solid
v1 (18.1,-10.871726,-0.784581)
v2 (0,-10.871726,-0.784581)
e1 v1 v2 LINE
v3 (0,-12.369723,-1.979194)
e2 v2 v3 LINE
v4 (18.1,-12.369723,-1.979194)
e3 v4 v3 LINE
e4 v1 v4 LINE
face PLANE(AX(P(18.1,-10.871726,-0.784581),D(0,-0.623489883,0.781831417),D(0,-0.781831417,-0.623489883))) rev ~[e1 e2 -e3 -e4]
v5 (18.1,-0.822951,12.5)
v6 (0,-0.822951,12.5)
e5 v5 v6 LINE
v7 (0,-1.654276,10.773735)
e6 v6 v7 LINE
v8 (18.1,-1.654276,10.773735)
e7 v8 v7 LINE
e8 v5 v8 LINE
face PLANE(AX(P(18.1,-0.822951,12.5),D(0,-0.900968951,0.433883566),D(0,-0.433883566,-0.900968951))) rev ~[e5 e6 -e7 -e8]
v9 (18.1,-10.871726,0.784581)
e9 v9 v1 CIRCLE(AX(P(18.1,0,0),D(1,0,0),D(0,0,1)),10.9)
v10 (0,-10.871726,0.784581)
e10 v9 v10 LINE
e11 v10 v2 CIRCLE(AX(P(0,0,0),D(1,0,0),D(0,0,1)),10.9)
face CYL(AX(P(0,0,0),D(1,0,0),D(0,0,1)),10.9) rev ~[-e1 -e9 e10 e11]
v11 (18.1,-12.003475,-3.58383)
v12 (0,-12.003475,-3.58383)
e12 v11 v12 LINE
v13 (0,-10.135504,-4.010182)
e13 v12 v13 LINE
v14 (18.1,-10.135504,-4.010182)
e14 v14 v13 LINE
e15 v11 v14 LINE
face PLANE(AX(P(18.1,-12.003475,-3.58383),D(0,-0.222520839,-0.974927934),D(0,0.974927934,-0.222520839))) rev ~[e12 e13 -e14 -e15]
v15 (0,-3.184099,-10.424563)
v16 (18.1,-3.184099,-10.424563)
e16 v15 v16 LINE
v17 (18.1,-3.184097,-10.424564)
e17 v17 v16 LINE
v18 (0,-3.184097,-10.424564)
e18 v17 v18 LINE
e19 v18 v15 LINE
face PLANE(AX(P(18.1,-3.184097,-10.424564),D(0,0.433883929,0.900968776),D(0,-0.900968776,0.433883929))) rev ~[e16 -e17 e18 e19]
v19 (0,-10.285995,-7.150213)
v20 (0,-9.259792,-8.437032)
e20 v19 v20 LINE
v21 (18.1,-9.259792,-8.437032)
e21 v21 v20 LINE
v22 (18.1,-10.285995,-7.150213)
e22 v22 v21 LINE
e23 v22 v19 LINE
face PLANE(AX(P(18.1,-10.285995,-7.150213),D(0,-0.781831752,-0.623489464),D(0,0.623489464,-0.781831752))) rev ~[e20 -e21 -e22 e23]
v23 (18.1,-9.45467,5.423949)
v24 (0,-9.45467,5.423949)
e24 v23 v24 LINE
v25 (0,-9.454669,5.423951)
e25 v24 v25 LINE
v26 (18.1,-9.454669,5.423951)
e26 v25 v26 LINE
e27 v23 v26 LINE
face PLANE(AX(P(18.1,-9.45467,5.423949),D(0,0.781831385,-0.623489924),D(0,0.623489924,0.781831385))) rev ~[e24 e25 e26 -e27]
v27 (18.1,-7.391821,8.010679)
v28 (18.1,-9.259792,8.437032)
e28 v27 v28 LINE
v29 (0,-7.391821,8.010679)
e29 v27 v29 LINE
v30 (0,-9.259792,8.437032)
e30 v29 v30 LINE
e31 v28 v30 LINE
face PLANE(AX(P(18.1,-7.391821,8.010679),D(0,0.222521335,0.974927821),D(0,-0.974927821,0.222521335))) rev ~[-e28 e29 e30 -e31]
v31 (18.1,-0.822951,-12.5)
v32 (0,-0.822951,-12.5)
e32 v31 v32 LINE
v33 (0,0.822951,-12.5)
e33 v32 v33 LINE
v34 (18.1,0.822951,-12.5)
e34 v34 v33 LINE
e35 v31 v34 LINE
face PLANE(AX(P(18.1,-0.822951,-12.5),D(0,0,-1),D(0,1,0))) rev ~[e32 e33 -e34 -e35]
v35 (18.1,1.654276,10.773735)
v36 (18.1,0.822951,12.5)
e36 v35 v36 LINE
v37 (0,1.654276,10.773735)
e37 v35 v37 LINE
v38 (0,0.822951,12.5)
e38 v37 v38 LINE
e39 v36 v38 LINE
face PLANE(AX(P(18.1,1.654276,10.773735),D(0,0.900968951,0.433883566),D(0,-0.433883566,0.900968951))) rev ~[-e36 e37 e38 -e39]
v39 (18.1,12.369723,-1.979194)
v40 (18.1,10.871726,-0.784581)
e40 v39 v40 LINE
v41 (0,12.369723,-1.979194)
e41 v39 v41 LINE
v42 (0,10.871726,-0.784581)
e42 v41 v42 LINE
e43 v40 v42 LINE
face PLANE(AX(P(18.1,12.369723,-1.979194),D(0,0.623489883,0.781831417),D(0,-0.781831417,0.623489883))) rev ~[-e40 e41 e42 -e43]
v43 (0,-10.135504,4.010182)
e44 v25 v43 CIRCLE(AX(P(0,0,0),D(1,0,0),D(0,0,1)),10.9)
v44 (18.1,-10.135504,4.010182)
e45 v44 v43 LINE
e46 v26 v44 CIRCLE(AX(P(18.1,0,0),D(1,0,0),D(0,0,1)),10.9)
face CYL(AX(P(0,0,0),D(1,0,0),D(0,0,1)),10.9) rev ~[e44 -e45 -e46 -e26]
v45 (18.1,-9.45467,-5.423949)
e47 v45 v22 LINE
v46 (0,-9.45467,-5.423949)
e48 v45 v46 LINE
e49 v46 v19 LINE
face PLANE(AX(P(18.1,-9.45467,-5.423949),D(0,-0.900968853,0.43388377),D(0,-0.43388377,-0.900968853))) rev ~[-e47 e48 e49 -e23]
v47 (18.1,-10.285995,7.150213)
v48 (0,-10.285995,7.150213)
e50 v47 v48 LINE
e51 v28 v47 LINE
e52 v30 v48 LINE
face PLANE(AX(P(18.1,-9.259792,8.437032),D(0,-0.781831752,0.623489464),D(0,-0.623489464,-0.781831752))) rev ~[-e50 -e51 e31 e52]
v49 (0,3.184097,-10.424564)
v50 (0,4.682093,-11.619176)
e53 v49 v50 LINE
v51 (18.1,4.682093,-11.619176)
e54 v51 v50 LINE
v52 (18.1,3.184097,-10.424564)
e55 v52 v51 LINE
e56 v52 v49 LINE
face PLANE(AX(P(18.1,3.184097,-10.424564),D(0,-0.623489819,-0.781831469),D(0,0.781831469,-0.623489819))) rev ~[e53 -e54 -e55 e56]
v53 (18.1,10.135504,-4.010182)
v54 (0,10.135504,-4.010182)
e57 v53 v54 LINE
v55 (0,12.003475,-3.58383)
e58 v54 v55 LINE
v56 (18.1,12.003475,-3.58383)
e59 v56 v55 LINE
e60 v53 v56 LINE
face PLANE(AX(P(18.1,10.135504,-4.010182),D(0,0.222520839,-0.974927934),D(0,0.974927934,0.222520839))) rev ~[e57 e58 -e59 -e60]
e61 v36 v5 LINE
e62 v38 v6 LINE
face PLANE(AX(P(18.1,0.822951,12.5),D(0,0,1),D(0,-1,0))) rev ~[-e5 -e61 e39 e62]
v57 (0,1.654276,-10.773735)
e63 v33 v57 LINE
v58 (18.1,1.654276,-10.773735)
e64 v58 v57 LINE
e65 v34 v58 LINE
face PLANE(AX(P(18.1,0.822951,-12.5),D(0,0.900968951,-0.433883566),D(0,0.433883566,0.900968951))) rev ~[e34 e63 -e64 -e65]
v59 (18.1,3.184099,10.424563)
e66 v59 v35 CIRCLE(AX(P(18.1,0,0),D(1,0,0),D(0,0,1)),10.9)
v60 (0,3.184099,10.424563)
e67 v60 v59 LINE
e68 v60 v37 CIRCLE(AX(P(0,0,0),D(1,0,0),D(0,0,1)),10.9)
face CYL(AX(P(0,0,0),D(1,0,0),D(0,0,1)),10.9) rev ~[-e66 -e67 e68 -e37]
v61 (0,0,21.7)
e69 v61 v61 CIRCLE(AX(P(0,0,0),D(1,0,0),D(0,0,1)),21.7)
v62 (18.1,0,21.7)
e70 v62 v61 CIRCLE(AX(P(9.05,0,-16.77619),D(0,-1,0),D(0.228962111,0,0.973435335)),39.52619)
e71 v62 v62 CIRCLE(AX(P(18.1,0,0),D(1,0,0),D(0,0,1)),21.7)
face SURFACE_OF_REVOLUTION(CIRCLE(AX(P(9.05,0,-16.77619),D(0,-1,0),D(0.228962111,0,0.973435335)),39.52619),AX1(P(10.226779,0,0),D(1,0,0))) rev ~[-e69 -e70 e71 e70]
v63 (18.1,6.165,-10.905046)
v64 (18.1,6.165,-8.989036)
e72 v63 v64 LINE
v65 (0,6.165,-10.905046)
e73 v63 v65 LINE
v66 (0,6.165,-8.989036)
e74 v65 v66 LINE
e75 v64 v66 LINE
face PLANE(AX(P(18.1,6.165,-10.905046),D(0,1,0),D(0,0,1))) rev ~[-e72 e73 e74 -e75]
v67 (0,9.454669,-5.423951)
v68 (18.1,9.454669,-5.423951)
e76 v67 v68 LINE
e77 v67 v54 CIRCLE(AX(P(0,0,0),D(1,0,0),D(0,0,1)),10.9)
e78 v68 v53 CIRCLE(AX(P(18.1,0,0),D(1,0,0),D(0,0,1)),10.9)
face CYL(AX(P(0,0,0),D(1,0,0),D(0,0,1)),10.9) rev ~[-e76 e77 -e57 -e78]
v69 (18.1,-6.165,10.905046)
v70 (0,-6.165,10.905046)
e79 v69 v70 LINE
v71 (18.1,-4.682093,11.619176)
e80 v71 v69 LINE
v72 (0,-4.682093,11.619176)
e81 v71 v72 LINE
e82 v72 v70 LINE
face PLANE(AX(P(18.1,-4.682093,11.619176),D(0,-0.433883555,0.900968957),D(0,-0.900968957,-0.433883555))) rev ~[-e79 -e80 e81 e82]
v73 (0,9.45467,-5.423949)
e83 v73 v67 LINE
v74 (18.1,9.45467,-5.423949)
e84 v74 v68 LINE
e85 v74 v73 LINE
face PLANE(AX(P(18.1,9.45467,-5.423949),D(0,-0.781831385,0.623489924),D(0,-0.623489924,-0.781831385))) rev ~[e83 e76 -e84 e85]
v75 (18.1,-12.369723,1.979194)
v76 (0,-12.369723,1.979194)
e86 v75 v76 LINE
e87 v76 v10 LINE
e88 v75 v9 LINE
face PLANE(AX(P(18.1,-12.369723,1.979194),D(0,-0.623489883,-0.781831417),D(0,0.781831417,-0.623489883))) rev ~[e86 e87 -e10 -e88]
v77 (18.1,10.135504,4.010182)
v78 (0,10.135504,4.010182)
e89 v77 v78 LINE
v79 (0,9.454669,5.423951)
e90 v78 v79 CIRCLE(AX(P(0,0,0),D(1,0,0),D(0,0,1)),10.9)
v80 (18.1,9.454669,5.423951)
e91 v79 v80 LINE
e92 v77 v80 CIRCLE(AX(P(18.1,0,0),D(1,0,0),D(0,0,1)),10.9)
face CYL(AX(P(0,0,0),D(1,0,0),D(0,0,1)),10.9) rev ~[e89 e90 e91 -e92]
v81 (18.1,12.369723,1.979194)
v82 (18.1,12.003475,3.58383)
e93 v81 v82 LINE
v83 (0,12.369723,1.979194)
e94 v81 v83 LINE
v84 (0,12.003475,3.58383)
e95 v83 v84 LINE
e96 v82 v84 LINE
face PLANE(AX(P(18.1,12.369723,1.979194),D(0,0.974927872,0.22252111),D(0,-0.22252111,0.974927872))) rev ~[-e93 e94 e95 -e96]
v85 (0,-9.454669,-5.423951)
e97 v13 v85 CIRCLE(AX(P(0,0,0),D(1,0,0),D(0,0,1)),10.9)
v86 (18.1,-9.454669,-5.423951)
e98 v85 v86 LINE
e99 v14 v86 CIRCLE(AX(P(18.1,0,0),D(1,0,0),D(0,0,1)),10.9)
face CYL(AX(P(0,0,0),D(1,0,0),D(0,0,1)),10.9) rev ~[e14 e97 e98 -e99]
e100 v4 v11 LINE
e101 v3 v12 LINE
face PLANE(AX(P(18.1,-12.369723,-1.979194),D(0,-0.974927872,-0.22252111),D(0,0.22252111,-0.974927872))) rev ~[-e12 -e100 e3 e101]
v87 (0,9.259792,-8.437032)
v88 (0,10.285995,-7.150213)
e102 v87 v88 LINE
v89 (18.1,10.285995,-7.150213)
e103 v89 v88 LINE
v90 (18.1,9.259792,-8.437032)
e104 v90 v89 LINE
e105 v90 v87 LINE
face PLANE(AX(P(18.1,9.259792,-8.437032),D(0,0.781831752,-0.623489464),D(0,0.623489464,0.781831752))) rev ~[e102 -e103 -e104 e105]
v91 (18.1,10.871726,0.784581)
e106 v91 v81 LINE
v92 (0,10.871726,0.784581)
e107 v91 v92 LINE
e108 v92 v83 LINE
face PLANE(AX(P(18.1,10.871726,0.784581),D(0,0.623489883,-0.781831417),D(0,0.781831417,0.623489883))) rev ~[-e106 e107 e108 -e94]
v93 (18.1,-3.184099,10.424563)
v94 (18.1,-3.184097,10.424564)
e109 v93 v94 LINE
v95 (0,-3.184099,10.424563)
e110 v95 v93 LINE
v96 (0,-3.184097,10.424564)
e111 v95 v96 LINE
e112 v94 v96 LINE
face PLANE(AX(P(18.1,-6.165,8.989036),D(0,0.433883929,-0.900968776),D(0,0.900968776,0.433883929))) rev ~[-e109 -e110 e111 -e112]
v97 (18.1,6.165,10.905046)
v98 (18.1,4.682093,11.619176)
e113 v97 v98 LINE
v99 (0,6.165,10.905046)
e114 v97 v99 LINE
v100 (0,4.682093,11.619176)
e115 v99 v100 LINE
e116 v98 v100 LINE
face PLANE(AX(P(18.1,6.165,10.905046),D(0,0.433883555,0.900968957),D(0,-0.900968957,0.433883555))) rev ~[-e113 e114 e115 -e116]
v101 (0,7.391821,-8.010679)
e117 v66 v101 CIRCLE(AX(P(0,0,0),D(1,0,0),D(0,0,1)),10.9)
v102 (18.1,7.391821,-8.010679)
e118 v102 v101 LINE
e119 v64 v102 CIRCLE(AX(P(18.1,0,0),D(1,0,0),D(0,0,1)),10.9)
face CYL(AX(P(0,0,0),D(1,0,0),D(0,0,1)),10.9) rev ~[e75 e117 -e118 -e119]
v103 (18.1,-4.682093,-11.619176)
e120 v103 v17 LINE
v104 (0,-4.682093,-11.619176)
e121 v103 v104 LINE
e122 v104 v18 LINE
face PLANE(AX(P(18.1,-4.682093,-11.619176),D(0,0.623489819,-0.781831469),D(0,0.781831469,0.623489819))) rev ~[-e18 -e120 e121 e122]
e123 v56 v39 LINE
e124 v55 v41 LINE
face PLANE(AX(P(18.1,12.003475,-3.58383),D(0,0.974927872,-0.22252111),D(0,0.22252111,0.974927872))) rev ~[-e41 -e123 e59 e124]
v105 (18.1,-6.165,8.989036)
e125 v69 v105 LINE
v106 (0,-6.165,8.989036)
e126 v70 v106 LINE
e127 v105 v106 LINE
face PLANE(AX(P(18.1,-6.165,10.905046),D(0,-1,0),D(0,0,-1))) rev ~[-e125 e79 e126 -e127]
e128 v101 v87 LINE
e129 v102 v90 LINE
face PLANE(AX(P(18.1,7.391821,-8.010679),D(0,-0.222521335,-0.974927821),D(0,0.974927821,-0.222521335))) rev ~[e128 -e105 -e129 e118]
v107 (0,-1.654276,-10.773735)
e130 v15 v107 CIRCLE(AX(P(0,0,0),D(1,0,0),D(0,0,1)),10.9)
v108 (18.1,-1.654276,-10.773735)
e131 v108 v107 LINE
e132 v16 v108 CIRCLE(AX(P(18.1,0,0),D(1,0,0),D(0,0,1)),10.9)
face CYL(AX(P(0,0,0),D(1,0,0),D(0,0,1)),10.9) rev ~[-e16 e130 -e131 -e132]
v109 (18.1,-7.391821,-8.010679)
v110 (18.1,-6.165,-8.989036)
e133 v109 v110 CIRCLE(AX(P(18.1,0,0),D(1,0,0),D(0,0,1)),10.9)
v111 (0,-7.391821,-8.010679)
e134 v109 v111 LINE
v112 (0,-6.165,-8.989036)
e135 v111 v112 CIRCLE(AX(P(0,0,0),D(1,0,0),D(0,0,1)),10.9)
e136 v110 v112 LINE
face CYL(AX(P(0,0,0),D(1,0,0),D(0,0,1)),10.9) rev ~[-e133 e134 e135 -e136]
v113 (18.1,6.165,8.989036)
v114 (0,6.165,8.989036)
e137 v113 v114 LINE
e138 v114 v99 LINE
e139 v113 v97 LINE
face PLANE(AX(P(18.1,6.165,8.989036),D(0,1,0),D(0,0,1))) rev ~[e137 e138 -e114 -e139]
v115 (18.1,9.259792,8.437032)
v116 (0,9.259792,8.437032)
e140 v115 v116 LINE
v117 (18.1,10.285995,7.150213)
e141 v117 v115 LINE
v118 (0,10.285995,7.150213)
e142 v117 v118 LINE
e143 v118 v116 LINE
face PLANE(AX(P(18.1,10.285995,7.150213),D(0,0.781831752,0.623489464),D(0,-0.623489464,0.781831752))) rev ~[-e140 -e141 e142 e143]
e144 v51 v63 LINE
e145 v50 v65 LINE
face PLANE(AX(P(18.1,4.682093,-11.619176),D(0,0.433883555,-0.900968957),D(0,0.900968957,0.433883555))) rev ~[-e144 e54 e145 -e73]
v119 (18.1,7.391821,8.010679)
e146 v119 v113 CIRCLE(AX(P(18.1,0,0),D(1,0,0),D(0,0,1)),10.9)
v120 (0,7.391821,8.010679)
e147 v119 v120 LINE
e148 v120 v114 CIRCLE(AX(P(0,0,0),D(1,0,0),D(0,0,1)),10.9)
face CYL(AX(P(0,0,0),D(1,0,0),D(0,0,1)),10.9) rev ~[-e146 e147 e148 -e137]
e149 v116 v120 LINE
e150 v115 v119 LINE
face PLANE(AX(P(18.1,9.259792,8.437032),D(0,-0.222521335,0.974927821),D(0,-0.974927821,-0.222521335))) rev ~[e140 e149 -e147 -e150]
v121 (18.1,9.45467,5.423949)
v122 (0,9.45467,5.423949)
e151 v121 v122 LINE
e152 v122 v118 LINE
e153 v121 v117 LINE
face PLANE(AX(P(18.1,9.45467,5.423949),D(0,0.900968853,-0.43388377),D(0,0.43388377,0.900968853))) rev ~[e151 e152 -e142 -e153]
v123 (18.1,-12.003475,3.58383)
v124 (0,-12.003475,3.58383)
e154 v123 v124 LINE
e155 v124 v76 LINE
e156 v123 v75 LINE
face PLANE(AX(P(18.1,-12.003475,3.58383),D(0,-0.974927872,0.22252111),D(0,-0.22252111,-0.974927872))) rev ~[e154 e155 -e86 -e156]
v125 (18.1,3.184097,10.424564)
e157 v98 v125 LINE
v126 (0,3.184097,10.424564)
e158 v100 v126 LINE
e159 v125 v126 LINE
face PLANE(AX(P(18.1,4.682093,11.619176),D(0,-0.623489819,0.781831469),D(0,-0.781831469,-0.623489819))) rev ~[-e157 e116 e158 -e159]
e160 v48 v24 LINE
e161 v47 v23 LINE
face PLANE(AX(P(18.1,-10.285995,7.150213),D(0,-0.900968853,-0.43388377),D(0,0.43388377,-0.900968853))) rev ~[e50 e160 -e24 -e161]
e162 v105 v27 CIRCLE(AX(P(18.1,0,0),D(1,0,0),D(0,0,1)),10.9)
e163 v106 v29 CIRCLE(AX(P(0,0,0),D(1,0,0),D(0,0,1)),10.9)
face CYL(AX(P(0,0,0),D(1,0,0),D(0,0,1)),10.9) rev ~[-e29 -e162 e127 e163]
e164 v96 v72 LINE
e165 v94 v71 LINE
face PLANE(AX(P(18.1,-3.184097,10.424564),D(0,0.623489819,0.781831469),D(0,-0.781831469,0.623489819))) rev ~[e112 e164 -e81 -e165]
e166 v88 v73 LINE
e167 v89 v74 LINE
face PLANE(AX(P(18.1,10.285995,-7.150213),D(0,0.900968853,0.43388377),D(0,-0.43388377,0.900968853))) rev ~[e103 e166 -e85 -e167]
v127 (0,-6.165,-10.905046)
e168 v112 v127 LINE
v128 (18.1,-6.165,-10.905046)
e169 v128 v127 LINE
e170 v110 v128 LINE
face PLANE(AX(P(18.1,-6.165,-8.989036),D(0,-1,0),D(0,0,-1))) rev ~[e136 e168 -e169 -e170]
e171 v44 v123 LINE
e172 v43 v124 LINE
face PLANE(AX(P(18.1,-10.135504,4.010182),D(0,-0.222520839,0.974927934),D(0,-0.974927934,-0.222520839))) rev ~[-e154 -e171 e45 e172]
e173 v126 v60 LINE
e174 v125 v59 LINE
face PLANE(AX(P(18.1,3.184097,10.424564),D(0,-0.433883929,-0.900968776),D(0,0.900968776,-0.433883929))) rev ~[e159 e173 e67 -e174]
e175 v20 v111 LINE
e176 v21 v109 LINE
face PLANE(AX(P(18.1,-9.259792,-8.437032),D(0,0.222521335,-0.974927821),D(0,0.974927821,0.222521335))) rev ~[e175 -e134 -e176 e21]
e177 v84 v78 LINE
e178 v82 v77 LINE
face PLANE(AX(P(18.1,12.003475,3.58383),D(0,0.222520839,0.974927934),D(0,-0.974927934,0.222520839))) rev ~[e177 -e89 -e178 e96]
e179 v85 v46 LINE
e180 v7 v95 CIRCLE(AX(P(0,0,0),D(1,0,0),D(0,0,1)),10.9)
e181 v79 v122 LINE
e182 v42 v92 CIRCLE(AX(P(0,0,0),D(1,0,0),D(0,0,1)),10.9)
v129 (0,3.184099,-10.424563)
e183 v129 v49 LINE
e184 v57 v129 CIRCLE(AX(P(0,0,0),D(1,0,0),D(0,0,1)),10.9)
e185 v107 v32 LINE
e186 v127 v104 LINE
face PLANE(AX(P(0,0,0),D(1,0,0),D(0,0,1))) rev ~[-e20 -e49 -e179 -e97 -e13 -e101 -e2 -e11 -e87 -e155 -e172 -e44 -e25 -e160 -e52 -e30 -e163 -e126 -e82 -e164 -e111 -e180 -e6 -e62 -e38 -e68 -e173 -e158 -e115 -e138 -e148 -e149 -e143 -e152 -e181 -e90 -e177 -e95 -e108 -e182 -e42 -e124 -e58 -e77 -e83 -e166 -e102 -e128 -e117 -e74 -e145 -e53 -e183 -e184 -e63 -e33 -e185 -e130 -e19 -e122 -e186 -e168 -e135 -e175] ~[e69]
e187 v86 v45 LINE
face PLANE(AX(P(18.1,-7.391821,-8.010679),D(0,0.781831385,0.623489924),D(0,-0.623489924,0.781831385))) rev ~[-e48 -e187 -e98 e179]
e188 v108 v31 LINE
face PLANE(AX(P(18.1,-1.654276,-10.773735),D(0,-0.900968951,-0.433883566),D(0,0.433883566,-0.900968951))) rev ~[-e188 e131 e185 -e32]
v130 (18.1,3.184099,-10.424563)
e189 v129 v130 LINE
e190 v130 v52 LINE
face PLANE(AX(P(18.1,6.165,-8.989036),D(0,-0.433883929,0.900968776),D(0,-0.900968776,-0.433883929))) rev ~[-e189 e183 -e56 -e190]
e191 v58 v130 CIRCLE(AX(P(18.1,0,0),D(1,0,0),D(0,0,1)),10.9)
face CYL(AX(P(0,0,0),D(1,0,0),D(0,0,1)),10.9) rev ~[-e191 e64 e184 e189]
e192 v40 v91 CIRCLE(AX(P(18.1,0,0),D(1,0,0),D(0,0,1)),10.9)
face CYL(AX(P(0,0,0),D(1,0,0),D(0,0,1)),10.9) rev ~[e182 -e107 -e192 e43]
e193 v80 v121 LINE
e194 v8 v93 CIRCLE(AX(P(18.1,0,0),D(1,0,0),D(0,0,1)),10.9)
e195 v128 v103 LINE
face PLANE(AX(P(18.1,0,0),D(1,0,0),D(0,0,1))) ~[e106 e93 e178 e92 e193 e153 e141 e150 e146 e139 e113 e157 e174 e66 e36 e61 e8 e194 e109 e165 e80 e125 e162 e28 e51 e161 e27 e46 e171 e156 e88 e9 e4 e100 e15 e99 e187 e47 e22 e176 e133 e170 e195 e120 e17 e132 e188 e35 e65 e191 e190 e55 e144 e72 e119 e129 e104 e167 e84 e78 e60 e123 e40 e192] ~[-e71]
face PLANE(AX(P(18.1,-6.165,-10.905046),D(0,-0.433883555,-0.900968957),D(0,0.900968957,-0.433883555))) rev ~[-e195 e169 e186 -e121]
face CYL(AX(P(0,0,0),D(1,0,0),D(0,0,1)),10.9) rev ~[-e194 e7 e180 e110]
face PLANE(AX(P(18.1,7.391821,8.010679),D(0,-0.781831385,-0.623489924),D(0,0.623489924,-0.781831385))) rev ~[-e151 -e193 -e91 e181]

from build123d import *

# Parameters (mm, degrees)
F3_DEPTH = 18.1


with BuildPart() as f1:
    # F0 (on Front) → F1 (revolve)
    with BuildSketch(Plane.XZ):
        with BuildLine():
            Line((0, 21.7), (0, 10.9))
            Line((0, 10.9), (18.1, 10.9))
            Line((18.1, 10.9), (18.1, 21.7))
            ThreePointArc((18.1, 21.7), (9.05, 22.75), (0, 21.7))
        make_face()
    revolve(axis=Axis((10.226779, 0, 0), (1, 0, 0)))

    # F2 (on face) → F3 (cut, through all)
    with BuildSketch(Plane.YZ.offset(18.1)):
        Polygon((1.654276, 10.773735), (0.822951, 12.5), (-0.822951, 12.5), (-1.654276, 10.773735), align=None)
        Polygon((-3.184097, 10.424564), (-4.682093, 11.619176), (-6.165, 10.905046), (-6.165, 8.989036), align=None)
        Polygon((-7.391821, 8.010679), (-9.259792, 8.437032), (-10.285995, 7.150213), (-9.45467, 5.423949), align=None)
        Polygon((-10.135504, 4.010182), (-12.003475, 3.58383), (-12.369723, 1.979194), (-10.871726, 0.784581), align=None)
        Polygon((-10.871726, -0.784581), (-12.369723, -1.979194), (-12.003475, -3.58383), (-10.135504, -4.010182), align=None)
        Polygon((-9.45467, -5.423949), (-10.285995, -7.150213), (-9.259792, -8.437032), (-7.391821, -8.010679), align=None)
        Polygon((-6.165, -8.989036), (-6.165, -10.905046), (-4.682093, -11.619176), (-3.184097, -10.424564), align=None)
        Polygon((-1.654276, -10.773735), (-0.822951, -12.5), (0.822951, -12.5), (1.654276, -10.773735), align=None)
        Polygon((3.184097, -10.424564), (4.682093, -11.619176), (6.165, -10.905046), (6.165, -8.989036), align=None)
        Polygon((7.391821, -8.010679), (9.259792, -8.437032), (10.285995, -7.150213), (9.45467, -5.423949), align=None)
        Polygon((10.135504, -4.010182), (12.003475, -3.58383), (12.369723, -1.979194), (10.871726, -0.784581), align=None)
        Polygon((10.871726, 0.784581), (12.369723, 1.979194), (12.003475, 3.58383), (10.135504, 4.010182), align=None)
        Polygon((9.45467, 5.423949), (10.285995, 7.150213), (9.259792, 8.437032), (7.391821, 8.010679), align=None)
        Polygon((6.165, 8.989036), (6.165, 10.905046), (4.682093, 11.619176), (3.184097, 10.424564), align=None)
    extrude(amount=-F3_DEPTH, mode=Mode.SUBTRACT)


solid = f1.part
